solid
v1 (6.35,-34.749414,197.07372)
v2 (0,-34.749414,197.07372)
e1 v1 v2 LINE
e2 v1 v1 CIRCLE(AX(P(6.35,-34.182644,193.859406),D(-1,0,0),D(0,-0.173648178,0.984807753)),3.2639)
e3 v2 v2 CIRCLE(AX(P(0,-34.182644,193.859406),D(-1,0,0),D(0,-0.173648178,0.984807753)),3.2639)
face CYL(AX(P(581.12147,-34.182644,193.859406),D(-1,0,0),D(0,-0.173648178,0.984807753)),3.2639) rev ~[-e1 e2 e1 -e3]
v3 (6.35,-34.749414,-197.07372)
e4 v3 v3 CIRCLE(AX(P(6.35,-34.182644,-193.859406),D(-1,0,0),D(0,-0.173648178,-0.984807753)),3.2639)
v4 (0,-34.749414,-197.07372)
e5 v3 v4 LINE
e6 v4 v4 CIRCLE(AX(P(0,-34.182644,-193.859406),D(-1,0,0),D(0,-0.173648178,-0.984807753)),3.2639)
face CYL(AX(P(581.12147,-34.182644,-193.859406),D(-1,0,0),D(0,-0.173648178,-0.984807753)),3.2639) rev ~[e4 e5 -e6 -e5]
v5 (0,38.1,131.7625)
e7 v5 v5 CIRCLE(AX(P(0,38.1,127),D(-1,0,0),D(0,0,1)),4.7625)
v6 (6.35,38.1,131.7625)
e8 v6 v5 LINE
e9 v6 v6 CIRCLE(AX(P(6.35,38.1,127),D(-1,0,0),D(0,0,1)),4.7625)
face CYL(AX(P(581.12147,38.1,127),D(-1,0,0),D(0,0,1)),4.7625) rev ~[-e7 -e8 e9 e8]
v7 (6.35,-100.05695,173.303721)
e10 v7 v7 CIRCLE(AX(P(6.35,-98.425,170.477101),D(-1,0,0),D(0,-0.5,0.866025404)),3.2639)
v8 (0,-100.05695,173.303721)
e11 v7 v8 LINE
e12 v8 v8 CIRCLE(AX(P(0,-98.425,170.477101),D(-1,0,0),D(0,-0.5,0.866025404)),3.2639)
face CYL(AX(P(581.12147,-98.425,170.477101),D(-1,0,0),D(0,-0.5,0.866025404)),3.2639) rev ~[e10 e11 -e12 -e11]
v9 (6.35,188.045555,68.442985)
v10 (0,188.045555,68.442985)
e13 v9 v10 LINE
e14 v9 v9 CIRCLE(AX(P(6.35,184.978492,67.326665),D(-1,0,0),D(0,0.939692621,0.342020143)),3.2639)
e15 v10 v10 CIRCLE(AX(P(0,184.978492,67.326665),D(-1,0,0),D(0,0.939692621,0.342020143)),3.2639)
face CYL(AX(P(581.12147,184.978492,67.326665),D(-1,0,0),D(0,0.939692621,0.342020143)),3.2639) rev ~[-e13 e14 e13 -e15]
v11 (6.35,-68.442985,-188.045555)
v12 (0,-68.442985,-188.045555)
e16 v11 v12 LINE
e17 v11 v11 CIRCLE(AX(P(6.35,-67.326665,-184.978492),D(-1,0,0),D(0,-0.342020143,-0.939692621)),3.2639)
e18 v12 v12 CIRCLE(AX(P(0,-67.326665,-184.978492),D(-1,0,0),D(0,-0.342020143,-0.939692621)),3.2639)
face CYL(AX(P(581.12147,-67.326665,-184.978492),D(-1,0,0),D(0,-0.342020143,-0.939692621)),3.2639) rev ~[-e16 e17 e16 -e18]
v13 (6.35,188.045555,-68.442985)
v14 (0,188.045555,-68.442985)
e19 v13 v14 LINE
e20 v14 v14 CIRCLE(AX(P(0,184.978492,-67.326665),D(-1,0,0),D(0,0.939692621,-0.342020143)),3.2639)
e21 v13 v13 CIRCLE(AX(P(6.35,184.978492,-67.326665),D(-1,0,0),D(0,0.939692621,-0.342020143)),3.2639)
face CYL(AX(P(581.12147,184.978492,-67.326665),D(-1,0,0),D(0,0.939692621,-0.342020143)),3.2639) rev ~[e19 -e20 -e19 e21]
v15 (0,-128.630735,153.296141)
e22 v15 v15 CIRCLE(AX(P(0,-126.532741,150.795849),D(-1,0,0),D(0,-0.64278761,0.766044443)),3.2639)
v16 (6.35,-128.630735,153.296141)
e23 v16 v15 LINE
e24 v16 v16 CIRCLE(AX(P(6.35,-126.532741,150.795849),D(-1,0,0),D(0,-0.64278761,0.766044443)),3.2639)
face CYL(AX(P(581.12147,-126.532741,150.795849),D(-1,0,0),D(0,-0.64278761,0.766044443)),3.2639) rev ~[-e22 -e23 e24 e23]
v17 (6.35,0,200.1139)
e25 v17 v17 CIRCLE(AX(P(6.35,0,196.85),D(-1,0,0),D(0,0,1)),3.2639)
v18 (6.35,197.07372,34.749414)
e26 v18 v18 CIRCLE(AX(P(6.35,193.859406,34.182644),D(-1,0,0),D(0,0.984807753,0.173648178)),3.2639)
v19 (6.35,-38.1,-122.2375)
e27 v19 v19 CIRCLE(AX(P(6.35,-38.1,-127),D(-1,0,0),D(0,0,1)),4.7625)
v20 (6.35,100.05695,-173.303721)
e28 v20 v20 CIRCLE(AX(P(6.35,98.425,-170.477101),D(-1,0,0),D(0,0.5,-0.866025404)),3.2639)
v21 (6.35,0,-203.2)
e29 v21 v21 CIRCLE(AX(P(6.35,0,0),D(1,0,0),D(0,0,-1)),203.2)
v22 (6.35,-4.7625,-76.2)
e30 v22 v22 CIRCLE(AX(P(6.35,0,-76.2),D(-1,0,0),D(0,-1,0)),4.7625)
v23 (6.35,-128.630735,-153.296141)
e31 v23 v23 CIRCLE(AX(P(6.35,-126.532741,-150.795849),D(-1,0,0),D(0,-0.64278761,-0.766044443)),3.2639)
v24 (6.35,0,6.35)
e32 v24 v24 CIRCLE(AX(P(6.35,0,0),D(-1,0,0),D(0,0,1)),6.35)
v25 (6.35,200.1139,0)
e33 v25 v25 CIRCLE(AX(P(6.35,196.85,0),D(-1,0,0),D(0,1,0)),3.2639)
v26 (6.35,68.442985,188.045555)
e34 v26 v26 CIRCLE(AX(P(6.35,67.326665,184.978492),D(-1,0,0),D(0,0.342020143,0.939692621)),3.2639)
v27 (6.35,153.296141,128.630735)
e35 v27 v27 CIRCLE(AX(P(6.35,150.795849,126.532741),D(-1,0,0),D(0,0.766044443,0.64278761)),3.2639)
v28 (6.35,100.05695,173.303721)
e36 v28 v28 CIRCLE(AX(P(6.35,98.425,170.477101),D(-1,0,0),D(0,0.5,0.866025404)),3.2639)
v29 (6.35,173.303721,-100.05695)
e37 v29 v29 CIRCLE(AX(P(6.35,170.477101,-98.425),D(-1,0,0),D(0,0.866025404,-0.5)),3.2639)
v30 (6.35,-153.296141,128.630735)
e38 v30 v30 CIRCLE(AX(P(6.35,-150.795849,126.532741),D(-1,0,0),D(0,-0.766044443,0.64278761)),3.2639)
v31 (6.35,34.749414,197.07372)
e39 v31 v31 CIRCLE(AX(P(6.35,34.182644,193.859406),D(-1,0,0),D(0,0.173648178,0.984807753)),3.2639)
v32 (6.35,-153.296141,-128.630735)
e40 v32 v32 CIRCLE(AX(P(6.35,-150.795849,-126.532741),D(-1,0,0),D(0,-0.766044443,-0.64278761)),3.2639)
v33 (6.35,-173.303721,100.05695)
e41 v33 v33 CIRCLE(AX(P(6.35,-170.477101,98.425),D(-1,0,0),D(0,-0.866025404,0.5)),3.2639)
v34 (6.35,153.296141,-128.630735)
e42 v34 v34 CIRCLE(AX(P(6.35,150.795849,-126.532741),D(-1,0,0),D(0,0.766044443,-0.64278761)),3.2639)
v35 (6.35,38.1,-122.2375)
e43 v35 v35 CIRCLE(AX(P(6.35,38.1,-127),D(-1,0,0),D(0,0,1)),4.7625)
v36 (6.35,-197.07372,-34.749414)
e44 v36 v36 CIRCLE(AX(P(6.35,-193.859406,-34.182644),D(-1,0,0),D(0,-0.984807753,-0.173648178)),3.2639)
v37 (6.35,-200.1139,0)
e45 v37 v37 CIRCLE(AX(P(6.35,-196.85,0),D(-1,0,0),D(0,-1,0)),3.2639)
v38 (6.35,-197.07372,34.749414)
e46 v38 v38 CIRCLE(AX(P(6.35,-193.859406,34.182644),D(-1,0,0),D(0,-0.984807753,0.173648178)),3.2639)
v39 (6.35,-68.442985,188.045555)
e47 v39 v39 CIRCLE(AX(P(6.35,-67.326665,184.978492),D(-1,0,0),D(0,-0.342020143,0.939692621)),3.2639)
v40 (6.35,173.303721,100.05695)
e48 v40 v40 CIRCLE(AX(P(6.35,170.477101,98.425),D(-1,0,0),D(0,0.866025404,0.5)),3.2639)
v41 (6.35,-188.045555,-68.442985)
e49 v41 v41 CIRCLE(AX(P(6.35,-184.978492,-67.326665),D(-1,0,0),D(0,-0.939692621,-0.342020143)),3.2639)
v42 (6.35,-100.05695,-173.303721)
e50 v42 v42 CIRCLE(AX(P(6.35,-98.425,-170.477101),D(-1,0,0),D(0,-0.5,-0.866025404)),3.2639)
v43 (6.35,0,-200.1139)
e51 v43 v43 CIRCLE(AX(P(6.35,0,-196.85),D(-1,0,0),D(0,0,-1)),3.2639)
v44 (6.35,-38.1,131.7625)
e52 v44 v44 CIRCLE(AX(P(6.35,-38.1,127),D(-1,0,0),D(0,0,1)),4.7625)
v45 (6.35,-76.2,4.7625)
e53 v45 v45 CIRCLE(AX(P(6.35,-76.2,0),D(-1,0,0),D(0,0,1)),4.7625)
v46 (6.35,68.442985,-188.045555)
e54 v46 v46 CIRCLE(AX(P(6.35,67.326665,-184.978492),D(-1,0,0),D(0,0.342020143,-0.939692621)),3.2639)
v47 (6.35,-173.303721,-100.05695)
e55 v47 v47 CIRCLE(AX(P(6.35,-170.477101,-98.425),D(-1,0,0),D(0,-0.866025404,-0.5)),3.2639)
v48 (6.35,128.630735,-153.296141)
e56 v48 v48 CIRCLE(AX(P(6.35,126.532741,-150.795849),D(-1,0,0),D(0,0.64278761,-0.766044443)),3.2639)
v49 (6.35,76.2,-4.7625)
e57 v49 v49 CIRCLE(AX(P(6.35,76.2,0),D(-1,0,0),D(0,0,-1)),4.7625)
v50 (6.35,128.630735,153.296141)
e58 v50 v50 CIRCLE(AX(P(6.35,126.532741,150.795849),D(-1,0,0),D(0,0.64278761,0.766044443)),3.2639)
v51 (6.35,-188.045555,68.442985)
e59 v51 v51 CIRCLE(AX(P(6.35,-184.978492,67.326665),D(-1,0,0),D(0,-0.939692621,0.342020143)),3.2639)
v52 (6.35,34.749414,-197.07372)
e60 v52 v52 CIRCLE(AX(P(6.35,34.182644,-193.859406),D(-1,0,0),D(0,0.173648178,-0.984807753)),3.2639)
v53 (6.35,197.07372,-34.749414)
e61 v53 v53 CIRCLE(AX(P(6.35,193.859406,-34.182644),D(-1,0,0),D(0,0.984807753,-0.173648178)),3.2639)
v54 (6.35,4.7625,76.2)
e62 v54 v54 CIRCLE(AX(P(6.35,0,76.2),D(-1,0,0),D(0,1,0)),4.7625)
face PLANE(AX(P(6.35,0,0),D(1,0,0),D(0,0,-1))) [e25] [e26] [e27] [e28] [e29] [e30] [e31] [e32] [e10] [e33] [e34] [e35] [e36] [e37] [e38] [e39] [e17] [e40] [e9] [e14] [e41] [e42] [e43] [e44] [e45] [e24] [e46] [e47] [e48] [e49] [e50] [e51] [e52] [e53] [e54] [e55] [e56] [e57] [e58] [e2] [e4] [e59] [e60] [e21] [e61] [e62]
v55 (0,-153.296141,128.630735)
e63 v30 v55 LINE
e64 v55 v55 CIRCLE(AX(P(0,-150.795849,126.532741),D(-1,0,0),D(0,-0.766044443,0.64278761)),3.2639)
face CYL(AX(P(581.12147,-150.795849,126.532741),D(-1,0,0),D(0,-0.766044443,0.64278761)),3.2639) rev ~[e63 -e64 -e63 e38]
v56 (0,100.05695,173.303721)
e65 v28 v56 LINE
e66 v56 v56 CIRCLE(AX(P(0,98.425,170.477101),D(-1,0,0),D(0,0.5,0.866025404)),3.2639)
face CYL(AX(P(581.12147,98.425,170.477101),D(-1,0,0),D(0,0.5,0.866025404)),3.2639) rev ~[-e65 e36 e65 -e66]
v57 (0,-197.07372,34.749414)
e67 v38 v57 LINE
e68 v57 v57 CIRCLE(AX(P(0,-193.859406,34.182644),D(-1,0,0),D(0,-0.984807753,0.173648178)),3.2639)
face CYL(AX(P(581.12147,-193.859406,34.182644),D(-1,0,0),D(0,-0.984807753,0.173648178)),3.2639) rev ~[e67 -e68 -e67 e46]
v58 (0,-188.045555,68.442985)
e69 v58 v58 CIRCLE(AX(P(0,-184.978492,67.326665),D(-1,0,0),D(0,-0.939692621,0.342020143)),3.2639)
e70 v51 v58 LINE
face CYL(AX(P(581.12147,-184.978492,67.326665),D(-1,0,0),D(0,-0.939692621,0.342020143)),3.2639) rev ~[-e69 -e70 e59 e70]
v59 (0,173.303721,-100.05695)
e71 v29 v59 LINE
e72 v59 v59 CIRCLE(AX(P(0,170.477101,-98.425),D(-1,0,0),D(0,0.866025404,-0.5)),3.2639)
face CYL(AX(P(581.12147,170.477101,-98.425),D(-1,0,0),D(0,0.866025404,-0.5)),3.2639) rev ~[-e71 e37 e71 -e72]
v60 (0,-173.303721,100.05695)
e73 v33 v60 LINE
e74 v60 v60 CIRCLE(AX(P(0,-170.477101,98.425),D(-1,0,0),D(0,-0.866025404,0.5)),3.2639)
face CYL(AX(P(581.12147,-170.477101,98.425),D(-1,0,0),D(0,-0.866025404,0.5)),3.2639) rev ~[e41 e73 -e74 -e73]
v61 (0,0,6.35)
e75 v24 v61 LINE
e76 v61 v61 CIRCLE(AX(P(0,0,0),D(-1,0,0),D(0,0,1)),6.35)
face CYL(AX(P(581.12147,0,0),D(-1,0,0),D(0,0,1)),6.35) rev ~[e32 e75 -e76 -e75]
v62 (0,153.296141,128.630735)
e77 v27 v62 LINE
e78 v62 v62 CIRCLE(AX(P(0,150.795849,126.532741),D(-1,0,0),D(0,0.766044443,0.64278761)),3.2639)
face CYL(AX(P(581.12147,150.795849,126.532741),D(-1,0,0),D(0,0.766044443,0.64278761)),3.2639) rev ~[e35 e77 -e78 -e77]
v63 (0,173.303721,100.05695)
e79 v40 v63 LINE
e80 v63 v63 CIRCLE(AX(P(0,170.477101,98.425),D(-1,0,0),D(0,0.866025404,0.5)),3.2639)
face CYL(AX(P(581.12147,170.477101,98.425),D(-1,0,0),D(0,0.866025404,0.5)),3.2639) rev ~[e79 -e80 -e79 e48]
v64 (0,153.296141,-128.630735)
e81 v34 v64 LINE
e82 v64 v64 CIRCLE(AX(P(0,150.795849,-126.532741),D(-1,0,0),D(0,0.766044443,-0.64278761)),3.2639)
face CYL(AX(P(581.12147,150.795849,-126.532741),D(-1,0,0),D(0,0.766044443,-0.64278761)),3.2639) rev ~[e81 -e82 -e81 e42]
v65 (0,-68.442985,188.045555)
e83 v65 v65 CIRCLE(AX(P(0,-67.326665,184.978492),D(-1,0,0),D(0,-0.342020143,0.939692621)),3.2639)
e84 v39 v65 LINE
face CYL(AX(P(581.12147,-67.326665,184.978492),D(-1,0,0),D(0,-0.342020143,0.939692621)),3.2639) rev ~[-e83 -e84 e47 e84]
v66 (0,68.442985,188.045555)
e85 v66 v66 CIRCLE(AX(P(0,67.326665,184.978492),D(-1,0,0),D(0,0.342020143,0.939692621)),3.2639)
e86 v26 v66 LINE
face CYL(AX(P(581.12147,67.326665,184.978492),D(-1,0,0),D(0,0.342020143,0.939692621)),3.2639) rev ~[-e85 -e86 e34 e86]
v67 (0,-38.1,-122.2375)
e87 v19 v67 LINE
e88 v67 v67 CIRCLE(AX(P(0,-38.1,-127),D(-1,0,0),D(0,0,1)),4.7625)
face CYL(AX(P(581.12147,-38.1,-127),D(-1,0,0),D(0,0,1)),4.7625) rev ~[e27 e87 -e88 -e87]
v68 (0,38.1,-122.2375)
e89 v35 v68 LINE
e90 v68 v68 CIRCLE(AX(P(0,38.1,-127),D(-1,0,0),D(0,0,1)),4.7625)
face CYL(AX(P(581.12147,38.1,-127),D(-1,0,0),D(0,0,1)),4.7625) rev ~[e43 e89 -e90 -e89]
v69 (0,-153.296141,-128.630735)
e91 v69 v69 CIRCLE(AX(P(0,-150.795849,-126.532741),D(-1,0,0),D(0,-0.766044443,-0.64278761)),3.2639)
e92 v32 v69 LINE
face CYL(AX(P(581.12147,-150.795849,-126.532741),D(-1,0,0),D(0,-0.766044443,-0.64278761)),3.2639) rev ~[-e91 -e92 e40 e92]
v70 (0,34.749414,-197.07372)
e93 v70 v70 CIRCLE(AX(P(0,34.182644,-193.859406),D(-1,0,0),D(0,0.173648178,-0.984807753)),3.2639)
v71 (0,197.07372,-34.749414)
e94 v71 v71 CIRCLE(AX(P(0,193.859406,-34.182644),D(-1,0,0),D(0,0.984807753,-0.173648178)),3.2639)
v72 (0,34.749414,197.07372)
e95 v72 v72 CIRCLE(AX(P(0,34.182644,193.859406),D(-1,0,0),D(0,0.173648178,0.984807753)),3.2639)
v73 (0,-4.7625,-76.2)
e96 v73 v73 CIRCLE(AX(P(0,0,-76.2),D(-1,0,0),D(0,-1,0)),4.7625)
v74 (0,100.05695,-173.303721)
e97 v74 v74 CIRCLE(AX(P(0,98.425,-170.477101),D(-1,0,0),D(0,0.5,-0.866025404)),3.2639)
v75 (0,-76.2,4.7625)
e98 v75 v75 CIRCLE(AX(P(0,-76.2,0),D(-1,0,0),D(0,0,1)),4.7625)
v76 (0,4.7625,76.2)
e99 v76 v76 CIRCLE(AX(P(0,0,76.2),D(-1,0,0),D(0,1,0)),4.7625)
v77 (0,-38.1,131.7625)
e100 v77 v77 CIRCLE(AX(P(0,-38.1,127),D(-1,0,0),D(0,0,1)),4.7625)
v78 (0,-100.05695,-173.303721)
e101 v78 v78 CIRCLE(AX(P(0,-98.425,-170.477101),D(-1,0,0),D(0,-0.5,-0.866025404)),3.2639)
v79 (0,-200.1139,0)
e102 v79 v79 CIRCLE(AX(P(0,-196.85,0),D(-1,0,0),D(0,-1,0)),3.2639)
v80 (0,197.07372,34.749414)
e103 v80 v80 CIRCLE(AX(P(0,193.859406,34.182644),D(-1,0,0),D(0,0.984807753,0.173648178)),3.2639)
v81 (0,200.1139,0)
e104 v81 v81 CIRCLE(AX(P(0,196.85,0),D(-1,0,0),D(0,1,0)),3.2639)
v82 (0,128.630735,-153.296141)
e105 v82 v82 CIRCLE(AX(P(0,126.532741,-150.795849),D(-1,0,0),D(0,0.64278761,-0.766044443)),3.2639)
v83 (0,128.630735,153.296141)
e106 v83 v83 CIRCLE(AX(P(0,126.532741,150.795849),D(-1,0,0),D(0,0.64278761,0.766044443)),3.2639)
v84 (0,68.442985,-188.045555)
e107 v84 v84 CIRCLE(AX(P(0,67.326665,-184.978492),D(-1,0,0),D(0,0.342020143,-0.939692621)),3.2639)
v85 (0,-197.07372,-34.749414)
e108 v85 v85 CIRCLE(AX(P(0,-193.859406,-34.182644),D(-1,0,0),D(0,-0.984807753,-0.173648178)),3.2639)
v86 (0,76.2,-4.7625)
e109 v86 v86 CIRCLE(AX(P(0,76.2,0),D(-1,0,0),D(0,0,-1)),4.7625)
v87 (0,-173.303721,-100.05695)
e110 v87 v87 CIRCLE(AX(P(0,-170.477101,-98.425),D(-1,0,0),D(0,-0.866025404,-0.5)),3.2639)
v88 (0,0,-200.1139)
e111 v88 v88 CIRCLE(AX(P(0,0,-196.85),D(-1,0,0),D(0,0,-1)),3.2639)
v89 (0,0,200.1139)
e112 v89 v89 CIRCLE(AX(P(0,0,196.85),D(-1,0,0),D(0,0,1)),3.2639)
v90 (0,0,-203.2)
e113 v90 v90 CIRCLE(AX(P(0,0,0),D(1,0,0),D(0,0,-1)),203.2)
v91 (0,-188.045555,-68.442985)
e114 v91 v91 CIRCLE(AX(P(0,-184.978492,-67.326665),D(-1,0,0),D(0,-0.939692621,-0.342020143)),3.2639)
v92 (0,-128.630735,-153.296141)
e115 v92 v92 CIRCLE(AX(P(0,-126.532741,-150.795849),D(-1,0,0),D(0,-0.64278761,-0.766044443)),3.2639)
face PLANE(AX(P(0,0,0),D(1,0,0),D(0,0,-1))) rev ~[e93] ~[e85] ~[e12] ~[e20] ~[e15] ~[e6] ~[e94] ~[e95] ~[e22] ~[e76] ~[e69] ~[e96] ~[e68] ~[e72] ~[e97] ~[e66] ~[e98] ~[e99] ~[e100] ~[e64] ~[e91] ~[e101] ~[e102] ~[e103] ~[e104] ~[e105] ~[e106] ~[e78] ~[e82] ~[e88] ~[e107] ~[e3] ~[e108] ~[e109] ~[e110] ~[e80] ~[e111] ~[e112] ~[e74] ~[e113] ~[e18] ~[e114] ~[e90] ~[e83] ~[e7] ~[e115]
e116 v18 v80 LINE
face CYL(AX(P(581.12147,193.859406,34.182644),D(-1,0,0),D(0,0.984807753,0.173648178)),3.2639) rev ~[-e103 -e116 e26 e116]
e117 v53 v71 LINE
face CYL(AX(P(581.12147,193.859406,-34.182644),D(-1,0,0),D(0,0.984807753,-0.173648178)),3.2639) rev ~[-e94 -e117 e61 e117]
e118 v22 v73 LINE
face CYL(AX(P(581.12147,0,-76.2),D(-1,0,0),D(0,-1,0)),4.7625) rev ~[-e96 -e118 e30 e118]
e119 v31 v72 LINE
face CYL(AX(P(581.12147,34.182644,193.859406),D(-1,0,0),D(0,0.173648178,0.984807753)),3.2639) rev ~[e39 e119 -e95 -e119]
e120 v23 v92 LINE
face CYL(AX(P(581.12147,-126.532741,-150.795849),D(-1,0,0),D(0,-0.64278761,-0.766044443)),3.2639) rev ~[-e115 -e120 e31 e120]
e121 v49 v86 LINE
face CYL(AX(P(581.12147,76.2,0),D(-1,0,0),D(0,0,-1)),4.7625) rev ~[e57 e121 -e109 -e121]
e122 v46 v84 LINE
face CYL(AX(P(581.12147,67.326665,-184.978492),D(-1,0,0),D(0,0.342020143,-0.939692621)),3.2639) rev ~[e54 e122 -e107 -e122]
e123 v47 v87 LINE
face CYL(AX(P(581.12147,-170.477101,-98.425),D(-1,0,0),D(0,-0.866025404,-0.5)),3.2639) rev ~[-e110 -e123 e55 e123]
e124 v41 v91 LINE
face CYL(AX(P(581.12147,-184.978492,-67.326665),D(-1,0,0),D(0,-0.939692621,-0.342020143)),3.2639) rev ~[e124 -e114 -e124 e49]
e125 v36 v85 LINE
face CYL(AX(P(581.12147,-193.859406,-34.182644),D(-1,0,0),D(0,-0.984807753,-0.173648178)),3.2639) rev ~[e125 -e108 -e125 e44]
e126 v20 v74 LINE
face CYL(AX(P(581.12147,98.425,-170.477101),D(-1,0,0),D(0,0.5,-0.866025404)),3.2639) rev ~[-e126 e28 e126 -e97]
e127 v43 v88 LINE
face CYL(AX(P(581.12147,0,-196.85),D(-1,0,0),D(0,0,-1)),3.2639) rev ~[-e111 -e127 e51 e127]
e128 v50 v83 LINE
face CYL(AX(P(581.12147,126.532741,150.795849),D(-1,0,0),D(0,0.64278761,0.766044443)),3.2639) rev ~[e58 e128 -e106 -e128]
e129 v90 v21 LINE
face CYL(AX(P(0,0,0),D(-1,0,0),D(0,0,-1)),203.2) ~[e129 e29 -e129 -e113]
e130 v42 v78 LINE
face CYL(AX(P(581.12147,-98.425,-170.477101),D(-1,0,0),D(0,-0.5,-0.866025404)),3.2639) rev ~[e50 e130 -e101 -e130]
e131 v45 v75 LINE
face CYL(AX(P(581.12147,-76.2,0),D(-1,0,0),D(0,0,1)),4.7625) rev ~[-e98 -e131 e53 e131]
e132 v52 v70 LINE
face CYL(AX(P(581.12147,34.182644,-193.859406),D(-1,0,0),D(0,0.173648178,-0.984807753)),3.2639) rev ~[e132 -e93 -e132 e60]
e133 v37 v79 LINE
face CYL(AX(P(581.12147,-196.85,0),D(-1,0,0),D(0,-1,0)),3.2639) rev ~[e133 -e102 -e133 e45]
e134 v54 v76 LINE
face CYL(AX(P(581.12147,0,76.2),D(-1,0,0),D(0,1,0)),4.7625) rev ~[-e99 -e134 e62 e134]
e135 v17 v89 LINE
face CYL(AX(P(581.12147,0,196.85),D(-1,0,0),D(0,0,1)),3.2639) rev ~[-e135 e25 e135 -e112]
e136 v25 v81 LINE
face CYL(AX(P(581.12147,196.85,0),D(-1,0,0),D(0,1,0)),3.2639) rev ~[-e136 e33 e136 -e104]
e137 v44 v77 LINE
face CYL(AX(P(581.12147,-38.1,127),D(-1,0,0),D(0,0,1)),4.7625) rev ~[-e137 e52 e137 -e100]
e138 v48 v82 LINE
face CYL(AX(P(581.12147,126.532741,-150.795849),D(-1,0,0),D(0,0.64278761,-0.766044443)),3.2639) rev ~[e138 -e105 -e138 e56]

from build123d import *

# Parameters (mm, degrees)
SKETCH1_R                    = 203.2
BOSS_EXTRUDE1_DEPTH          = 6.35
F_0_257_DIAMETER_HOLE1_D     = 6.5278
CIRPATTERN1_COUNT            = 36
F_1_2_0_5_DIAMETER_HOLE1_D   = 12.7
F_3_8_0_375_DIAMETER_HOLE1_D = 9.525
CIRPATTERN2_COUNT            = 4
F_3_8_0_375_DIAMETER_HOLE2_D = 9.525
LPATTERN1_COUNT              = 2
LPATTERN1_PITCH              = 254
LPATTERN1_COUNT_DIR2         = 2
LPATTERN1_PITCH_DIR2         = 76.2


with BuildPart() as part:
    # Sketch1 → Boss-Extrude1 (new body)
    with BuildSketch(Plane(origin=(0, 0, 0), x_dir=(0, 0, -1), z_dir=(1, 0, 0))):
        Circle(SKETCH1_R)
    extrude(amount=BOSS_EXTRUDE1_DEPTH)

    # F (0.257) Diameter Hole1 (through all)
    with Locations(Plane(origin=(6.35, 0, 0), x_dir=(0, 0, -1), z_dir=(1, 0, 0))):
        with Locations((-196.85, 0)):
            f_0_257_diameter_hole1 = Hole(F_0_257_DIAMETER_HOLE1_D / 2)

    # CirPattern1: F (0.257) Diameter Hole1 ×36 about axis
    cirpattern1_axis = Axis((0, 0, 0), (-1, 0, 0))
    for i in range(1, CIRPATTERN1_COUNT):
        add(f_0_257_diameter_hole1.rotate(cirpattern1_axis, i * 360 / CIRPATTERN1_COUNT), mode=Mode.SUBTRACT)

    # 1/2 (0.5) Diameter Hole1 (through all)
    with Locations(Plane(origin=(6.35, 0, 0), x_dir=(0, 0, -1), z_dir=(1, 0, 0))):
        with Locations((0, 0)):
            Hole(F_1_2_0_5_DIAMETER_HOLE1_D / 2)

    # 3/8 (0.375) Diameter Hole1 (through all)
    with Locations(Plane(origin=(6.35, 0, 0), x_dir=(0, 0, -1), z_dir=(1, 0, 0))):
        with Locations((0, -76.2)):
            f_3_8_0_375_diameter_hole1 = Hole(F_3_8_0_375_DIAMETER_HOLE1_D / 2)

    # CirPattern2: 3/8 (0.375) Diameter Hole1 ×4 about axis
    cirpattern2_axis = Axis((0, 0, 0), (-1, 0, 0))
    for i in range(1, CIRPATTERN2_COUNT):
        add(f_3_8_0_375_diameter_hole1.rotate(cirpattern2_axis, i * 360 / CIRPATTERN2_COUNT), mode=Mode.SUBTRACT)

    # 3/8 (0.375) Diameter Hole2 (through all)
    with Locations(Plane(origin=(6.35, 0, 0), x_dir=(0, 0, -1), z_dir=(1, 0, 0))):
        with Locations((-127, -38.1)):
            f_3_8_0_375_diameter_hole2 = Hole(F_3_8_0_375_DIAMETER_HOLE2_D / 2)

    # LPattern1: 3_8 _0.375_ Diameter Hole2 2 × 2
    with Locations(*[(0, j * LPATTERN1_PITCH_DIR2, -i * LPATTERN1_PITCH) for i in range(LPATTERN1_COUNT) for j in range(LPATTERN1_COUNT_DIR2) if (i, j) != (0, 0)]):
        add(f_3_8_0_375_diameter_hole2, mode=Mode.SUBTRACT)


solid = part.part
